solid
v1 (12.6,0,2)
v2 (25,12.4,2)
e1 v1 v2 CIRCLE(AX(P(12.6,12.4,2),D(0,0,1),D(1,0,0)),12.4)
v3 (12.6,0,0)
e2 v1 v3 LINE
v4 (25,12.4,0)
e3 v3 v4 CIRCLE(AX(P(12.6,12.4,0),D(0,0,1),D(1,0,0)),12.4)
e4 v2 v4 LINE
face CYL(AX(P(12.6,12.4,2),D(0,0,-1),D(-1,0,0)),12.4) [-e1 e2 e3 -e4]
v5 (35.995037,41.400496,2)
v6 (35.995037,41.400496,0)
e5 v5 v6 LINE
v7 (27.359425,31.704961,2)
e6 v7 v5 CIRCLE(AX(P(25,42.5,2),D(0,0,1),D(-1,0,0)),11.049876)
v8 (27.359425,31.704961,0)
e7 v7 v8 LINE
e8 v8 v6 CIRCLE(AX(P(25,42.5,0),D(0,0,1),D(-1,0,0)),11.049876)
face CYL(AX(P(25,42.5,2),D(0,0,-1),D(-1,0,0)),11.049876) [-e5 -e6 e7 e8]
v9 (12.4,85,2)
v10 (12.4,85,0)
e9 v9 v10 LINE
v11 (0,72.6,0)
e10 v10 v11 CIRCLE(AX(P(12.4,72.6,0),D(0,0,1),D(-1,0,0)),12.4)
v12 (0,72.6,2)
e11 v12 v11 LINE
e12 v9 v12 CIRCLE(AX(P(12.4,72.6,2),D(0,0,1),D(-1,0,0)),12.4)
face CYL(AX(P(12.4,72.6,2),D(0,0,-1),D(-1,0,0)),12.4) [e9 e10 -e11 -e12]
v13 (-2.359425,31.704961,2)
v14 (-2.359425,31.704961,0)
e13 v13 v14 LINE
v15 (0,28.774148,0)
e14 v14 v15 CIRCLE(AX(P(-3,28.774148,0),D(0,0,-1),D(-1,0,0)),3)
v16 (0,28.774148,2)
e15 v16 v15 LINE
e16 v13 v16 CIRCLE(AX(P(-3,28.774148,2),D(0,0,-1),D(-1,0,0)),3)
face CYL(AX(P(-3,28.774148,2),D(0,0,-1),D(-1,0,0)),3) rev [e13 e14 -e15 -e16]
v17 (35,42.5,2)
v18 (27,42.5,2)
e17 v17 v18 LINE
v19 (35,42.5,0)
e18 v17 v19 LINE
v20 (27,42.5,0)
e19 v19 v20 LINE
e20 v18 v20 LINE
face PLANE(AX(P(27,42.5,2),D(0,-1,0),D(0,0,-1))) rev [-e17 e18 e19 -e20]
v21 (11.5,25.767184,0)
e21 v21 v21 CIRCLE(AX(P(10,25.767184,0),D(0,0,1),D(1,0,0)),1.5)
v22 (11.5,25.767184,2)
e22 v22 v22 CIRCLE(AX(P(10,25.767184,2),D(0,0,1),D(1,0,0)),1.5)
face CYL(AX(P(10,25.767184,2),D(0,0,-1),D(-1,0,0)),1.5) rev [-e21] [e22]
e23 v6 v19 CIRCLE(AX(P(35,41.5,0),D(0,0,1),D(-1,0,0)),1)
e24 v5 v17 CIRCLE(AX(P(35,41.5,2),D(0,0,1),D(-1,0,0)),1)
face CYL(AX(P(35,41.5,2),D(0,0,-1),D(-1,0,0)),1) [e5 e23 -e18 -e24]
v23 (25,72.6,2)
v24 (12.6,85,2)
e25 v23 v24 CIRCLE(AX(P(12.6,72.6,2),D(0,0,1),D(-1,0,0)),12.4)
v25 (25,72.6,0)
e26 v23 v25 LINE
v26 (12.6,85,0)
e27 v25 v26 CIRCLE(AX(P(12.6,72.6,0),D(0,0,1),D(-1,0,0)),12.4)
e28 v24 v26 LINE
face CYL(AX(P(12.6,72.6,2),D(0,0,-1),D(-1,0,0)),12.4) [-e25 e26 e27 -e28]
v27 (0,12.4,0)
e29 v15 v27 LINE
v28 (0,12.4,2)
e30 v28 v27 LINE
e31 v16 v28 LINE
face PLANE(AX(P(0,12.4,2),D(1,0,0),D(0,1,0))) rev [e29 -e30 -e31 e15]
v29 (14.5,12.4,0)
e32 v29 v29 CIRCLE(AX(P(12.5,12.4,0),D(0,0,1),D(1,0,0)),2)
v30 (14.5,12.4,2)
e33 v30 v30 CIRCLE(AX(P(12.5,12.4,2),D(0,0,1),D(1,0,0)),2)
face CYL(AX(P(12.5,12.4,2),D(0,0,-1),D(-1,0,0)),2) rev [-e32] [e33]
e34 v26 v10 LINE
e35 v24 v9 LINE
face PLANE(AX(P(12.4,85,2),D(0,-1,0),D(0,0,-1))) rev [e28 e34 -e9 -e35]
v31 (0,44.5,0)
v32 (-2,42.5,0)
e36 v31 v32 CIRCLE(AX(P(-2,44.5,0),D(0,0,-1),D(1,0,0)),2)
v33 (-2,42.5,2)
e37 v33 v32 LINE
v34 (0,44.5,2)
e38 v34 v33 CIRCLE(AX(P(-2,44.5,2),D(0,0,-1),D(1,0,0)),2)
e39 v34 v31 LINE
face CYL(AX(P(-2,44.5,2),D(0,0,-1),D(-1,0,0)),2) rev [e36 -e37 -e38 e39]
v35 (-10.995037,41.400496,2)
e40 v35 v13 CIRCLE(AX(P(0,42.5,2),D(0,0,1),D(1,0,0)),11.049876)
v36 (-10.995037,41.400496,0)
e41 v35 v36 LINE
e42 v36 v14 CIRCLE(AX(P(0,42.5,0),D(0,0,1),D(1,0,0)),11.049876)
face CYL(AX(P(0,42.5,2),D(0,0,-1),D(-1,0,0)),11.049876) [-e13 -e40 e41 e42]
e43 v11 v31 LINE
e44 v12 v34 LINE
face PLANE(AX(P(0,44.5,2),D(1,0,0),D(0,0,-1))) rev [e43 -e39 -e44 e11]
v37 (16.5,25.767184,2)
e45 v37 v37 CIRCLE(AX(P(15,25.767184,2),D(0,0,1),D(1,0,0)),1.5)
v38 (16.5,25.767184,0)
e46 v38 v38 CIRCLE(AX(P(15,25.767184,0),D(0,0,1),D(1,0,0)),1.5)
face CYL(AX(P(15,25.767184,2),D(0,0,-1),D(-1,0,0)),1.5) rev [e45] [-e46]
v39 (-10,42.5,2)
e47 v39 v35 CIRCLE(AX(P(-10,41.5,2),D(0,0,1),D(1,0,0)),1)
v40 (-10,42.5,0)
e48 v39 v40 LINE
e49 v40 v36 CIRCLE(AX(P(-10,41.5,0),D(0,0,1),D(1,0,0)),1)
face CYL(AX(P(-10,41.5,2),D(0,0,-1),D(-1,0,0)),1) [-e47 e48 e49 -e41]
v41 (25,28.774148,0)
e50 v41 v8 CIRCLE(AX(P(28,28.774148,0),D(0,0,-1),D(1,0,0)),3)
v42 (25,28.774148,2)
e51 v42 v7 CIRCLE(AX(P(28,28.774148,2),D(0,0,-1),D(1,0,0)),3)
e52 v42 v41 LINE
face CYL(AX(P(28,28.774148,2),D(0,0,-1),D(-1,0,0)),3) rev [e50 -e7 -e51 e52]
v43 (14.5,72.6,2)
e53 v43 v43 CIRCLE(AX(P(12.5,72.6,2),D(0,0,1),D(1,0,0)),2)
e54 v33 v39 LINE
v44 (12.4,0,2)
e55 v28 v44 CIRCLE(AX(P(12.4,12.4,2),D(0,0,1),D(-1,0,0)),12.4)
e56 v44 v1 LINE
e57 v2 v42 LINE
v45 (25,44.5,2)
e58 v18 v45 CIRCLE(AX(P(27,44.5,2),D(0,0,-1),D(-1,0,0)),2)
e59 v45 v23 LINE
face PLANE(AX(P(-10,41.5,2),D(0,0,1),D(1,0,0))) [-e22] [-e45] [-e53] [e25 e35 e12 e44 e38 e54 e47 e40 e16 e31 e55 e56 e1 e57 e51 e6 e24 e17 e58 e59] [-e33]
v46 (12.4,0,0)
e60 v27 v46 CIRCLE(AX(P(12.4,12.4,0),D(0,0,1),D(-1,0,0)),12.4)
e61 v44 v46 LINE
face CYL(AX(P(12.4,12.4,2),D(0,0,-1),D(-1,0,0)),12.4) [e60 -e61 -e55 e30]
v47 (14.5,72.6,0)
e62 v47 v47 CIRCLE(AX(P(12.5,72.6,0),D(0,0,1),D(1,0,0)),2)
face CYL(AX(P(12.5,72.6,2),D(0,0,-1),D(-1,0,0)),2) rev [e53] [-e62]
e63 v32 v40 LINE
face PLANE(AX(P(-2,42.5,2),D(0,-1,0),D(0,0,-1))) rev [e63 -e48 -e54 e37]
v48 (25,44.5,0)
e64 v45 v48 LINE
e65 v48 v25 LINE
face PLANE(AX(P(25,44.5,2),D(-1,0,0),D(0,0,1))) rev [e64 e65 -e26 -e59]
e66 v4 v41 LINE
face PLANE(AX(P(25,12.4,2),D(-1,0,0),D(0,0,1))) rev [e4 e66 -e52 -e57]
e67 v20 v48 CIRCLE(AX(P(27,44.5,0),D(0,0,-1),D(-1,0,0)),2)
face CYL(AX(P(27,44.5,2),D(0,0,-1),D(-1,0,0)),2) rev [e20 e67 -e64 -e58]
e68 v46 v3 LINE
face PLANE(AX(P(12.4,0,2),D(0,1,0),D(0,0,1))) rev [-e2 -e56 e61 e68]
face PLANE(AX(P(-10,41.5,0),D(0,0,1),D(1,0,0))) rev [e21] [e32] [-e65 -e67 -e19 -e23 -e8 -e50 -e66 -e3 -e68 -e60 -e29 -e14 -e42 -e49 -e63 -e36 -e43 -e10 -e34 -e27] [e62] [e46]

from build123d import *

# Parameters (mm, degrees)
SKETCH1_R           = 2
SKETCH1_R_2         = 1.5
BOSS_EXTRUDE1_DEPTH = 2


with BuildPart() as part:
    # Sketch1 → Boss-Extrude1 (new body)
    with BuildSketch(Plane.XY):
        with BuildLine():
            Line((12.4, 0), (12.6, 0))
            ThreePointArc((12.6, 0), (21.368124087, 3.631875913), (25, 12.4))
            Line((25, 12.4), (25, 28.774148297))
            ThreePointArc((25, 28.774148297), (25.663151139, 30.655407822), (27.359424934, 31.704961083))
            ThreePointArc((27.359424934, 31.704961083), (33.251440199, 35.15061323), (35.99503719, 41.400496281))
            ThreePointArc((35.99503719, 41.400496281), (35.741452534, 42.171005321), (35, 42.5))
            Line((35, 42.5), (27, 42.5))
            ThreePointArc((27, 42.5), (25.585786438, 43.085786438), (25, 44.5))
            Line((25, 44.5), (25, 72.6))
            ThreePointArc((25, 72.6), (21.368124087, 81.368124087), (12.6, 85))
            Line((12.6, 85), (12.4, 85))
            ThreePointArc((12.4, 85), (3.631875913, 81.368124087), (0, 72.6))
            Line((0, 72.6), (0, 44.5))
            ThreePointArc((0, 44.5), (-0.585786438, 43.085786438), (-2, 42.5))
            Line((-2, 42.5), (-10, 42.5))
            ThreePointArc((-10, 42.5), (-10.741452534, 42.171005321), (-10.99503719, 41.400496281))
            ThreePointArc((-10.99503719, 41.400496281), (-8.251440199, 35.15061323), (-2.359424934, 31.704961083))
            ThreePointArc((-2.359424934, 31.704961083), (-0.663151139, 30.655407822), (0, 28.774148297))
            Line((0, 28.774148297), (0, 12.4))
            ThreePointArc((0, 12.4), (3.631875913, 3.631875913), (12.4, 0))
        make_face()
        with Locations((12.5, 72.6)):
            Circle(SKETCH1_R, mode=Mode.SUBTRACT)
        with Locations((12.5, 12.4)):
            Circle(SKETCH1_R, mode=Mode.SUBTRACT)
        with Locations((10, 25.767183826)):
            Circle(SKETCH1_R_2, mode=Mode.SUBTRACT)
        with Locations((15, 25.767183826)):
            Circle(SKETCH1_R_2, mode=Mode.SUBTRACT)
    extrude(amount=BOSS_EXTRUDE1_DEPTH)


solid = part.part
